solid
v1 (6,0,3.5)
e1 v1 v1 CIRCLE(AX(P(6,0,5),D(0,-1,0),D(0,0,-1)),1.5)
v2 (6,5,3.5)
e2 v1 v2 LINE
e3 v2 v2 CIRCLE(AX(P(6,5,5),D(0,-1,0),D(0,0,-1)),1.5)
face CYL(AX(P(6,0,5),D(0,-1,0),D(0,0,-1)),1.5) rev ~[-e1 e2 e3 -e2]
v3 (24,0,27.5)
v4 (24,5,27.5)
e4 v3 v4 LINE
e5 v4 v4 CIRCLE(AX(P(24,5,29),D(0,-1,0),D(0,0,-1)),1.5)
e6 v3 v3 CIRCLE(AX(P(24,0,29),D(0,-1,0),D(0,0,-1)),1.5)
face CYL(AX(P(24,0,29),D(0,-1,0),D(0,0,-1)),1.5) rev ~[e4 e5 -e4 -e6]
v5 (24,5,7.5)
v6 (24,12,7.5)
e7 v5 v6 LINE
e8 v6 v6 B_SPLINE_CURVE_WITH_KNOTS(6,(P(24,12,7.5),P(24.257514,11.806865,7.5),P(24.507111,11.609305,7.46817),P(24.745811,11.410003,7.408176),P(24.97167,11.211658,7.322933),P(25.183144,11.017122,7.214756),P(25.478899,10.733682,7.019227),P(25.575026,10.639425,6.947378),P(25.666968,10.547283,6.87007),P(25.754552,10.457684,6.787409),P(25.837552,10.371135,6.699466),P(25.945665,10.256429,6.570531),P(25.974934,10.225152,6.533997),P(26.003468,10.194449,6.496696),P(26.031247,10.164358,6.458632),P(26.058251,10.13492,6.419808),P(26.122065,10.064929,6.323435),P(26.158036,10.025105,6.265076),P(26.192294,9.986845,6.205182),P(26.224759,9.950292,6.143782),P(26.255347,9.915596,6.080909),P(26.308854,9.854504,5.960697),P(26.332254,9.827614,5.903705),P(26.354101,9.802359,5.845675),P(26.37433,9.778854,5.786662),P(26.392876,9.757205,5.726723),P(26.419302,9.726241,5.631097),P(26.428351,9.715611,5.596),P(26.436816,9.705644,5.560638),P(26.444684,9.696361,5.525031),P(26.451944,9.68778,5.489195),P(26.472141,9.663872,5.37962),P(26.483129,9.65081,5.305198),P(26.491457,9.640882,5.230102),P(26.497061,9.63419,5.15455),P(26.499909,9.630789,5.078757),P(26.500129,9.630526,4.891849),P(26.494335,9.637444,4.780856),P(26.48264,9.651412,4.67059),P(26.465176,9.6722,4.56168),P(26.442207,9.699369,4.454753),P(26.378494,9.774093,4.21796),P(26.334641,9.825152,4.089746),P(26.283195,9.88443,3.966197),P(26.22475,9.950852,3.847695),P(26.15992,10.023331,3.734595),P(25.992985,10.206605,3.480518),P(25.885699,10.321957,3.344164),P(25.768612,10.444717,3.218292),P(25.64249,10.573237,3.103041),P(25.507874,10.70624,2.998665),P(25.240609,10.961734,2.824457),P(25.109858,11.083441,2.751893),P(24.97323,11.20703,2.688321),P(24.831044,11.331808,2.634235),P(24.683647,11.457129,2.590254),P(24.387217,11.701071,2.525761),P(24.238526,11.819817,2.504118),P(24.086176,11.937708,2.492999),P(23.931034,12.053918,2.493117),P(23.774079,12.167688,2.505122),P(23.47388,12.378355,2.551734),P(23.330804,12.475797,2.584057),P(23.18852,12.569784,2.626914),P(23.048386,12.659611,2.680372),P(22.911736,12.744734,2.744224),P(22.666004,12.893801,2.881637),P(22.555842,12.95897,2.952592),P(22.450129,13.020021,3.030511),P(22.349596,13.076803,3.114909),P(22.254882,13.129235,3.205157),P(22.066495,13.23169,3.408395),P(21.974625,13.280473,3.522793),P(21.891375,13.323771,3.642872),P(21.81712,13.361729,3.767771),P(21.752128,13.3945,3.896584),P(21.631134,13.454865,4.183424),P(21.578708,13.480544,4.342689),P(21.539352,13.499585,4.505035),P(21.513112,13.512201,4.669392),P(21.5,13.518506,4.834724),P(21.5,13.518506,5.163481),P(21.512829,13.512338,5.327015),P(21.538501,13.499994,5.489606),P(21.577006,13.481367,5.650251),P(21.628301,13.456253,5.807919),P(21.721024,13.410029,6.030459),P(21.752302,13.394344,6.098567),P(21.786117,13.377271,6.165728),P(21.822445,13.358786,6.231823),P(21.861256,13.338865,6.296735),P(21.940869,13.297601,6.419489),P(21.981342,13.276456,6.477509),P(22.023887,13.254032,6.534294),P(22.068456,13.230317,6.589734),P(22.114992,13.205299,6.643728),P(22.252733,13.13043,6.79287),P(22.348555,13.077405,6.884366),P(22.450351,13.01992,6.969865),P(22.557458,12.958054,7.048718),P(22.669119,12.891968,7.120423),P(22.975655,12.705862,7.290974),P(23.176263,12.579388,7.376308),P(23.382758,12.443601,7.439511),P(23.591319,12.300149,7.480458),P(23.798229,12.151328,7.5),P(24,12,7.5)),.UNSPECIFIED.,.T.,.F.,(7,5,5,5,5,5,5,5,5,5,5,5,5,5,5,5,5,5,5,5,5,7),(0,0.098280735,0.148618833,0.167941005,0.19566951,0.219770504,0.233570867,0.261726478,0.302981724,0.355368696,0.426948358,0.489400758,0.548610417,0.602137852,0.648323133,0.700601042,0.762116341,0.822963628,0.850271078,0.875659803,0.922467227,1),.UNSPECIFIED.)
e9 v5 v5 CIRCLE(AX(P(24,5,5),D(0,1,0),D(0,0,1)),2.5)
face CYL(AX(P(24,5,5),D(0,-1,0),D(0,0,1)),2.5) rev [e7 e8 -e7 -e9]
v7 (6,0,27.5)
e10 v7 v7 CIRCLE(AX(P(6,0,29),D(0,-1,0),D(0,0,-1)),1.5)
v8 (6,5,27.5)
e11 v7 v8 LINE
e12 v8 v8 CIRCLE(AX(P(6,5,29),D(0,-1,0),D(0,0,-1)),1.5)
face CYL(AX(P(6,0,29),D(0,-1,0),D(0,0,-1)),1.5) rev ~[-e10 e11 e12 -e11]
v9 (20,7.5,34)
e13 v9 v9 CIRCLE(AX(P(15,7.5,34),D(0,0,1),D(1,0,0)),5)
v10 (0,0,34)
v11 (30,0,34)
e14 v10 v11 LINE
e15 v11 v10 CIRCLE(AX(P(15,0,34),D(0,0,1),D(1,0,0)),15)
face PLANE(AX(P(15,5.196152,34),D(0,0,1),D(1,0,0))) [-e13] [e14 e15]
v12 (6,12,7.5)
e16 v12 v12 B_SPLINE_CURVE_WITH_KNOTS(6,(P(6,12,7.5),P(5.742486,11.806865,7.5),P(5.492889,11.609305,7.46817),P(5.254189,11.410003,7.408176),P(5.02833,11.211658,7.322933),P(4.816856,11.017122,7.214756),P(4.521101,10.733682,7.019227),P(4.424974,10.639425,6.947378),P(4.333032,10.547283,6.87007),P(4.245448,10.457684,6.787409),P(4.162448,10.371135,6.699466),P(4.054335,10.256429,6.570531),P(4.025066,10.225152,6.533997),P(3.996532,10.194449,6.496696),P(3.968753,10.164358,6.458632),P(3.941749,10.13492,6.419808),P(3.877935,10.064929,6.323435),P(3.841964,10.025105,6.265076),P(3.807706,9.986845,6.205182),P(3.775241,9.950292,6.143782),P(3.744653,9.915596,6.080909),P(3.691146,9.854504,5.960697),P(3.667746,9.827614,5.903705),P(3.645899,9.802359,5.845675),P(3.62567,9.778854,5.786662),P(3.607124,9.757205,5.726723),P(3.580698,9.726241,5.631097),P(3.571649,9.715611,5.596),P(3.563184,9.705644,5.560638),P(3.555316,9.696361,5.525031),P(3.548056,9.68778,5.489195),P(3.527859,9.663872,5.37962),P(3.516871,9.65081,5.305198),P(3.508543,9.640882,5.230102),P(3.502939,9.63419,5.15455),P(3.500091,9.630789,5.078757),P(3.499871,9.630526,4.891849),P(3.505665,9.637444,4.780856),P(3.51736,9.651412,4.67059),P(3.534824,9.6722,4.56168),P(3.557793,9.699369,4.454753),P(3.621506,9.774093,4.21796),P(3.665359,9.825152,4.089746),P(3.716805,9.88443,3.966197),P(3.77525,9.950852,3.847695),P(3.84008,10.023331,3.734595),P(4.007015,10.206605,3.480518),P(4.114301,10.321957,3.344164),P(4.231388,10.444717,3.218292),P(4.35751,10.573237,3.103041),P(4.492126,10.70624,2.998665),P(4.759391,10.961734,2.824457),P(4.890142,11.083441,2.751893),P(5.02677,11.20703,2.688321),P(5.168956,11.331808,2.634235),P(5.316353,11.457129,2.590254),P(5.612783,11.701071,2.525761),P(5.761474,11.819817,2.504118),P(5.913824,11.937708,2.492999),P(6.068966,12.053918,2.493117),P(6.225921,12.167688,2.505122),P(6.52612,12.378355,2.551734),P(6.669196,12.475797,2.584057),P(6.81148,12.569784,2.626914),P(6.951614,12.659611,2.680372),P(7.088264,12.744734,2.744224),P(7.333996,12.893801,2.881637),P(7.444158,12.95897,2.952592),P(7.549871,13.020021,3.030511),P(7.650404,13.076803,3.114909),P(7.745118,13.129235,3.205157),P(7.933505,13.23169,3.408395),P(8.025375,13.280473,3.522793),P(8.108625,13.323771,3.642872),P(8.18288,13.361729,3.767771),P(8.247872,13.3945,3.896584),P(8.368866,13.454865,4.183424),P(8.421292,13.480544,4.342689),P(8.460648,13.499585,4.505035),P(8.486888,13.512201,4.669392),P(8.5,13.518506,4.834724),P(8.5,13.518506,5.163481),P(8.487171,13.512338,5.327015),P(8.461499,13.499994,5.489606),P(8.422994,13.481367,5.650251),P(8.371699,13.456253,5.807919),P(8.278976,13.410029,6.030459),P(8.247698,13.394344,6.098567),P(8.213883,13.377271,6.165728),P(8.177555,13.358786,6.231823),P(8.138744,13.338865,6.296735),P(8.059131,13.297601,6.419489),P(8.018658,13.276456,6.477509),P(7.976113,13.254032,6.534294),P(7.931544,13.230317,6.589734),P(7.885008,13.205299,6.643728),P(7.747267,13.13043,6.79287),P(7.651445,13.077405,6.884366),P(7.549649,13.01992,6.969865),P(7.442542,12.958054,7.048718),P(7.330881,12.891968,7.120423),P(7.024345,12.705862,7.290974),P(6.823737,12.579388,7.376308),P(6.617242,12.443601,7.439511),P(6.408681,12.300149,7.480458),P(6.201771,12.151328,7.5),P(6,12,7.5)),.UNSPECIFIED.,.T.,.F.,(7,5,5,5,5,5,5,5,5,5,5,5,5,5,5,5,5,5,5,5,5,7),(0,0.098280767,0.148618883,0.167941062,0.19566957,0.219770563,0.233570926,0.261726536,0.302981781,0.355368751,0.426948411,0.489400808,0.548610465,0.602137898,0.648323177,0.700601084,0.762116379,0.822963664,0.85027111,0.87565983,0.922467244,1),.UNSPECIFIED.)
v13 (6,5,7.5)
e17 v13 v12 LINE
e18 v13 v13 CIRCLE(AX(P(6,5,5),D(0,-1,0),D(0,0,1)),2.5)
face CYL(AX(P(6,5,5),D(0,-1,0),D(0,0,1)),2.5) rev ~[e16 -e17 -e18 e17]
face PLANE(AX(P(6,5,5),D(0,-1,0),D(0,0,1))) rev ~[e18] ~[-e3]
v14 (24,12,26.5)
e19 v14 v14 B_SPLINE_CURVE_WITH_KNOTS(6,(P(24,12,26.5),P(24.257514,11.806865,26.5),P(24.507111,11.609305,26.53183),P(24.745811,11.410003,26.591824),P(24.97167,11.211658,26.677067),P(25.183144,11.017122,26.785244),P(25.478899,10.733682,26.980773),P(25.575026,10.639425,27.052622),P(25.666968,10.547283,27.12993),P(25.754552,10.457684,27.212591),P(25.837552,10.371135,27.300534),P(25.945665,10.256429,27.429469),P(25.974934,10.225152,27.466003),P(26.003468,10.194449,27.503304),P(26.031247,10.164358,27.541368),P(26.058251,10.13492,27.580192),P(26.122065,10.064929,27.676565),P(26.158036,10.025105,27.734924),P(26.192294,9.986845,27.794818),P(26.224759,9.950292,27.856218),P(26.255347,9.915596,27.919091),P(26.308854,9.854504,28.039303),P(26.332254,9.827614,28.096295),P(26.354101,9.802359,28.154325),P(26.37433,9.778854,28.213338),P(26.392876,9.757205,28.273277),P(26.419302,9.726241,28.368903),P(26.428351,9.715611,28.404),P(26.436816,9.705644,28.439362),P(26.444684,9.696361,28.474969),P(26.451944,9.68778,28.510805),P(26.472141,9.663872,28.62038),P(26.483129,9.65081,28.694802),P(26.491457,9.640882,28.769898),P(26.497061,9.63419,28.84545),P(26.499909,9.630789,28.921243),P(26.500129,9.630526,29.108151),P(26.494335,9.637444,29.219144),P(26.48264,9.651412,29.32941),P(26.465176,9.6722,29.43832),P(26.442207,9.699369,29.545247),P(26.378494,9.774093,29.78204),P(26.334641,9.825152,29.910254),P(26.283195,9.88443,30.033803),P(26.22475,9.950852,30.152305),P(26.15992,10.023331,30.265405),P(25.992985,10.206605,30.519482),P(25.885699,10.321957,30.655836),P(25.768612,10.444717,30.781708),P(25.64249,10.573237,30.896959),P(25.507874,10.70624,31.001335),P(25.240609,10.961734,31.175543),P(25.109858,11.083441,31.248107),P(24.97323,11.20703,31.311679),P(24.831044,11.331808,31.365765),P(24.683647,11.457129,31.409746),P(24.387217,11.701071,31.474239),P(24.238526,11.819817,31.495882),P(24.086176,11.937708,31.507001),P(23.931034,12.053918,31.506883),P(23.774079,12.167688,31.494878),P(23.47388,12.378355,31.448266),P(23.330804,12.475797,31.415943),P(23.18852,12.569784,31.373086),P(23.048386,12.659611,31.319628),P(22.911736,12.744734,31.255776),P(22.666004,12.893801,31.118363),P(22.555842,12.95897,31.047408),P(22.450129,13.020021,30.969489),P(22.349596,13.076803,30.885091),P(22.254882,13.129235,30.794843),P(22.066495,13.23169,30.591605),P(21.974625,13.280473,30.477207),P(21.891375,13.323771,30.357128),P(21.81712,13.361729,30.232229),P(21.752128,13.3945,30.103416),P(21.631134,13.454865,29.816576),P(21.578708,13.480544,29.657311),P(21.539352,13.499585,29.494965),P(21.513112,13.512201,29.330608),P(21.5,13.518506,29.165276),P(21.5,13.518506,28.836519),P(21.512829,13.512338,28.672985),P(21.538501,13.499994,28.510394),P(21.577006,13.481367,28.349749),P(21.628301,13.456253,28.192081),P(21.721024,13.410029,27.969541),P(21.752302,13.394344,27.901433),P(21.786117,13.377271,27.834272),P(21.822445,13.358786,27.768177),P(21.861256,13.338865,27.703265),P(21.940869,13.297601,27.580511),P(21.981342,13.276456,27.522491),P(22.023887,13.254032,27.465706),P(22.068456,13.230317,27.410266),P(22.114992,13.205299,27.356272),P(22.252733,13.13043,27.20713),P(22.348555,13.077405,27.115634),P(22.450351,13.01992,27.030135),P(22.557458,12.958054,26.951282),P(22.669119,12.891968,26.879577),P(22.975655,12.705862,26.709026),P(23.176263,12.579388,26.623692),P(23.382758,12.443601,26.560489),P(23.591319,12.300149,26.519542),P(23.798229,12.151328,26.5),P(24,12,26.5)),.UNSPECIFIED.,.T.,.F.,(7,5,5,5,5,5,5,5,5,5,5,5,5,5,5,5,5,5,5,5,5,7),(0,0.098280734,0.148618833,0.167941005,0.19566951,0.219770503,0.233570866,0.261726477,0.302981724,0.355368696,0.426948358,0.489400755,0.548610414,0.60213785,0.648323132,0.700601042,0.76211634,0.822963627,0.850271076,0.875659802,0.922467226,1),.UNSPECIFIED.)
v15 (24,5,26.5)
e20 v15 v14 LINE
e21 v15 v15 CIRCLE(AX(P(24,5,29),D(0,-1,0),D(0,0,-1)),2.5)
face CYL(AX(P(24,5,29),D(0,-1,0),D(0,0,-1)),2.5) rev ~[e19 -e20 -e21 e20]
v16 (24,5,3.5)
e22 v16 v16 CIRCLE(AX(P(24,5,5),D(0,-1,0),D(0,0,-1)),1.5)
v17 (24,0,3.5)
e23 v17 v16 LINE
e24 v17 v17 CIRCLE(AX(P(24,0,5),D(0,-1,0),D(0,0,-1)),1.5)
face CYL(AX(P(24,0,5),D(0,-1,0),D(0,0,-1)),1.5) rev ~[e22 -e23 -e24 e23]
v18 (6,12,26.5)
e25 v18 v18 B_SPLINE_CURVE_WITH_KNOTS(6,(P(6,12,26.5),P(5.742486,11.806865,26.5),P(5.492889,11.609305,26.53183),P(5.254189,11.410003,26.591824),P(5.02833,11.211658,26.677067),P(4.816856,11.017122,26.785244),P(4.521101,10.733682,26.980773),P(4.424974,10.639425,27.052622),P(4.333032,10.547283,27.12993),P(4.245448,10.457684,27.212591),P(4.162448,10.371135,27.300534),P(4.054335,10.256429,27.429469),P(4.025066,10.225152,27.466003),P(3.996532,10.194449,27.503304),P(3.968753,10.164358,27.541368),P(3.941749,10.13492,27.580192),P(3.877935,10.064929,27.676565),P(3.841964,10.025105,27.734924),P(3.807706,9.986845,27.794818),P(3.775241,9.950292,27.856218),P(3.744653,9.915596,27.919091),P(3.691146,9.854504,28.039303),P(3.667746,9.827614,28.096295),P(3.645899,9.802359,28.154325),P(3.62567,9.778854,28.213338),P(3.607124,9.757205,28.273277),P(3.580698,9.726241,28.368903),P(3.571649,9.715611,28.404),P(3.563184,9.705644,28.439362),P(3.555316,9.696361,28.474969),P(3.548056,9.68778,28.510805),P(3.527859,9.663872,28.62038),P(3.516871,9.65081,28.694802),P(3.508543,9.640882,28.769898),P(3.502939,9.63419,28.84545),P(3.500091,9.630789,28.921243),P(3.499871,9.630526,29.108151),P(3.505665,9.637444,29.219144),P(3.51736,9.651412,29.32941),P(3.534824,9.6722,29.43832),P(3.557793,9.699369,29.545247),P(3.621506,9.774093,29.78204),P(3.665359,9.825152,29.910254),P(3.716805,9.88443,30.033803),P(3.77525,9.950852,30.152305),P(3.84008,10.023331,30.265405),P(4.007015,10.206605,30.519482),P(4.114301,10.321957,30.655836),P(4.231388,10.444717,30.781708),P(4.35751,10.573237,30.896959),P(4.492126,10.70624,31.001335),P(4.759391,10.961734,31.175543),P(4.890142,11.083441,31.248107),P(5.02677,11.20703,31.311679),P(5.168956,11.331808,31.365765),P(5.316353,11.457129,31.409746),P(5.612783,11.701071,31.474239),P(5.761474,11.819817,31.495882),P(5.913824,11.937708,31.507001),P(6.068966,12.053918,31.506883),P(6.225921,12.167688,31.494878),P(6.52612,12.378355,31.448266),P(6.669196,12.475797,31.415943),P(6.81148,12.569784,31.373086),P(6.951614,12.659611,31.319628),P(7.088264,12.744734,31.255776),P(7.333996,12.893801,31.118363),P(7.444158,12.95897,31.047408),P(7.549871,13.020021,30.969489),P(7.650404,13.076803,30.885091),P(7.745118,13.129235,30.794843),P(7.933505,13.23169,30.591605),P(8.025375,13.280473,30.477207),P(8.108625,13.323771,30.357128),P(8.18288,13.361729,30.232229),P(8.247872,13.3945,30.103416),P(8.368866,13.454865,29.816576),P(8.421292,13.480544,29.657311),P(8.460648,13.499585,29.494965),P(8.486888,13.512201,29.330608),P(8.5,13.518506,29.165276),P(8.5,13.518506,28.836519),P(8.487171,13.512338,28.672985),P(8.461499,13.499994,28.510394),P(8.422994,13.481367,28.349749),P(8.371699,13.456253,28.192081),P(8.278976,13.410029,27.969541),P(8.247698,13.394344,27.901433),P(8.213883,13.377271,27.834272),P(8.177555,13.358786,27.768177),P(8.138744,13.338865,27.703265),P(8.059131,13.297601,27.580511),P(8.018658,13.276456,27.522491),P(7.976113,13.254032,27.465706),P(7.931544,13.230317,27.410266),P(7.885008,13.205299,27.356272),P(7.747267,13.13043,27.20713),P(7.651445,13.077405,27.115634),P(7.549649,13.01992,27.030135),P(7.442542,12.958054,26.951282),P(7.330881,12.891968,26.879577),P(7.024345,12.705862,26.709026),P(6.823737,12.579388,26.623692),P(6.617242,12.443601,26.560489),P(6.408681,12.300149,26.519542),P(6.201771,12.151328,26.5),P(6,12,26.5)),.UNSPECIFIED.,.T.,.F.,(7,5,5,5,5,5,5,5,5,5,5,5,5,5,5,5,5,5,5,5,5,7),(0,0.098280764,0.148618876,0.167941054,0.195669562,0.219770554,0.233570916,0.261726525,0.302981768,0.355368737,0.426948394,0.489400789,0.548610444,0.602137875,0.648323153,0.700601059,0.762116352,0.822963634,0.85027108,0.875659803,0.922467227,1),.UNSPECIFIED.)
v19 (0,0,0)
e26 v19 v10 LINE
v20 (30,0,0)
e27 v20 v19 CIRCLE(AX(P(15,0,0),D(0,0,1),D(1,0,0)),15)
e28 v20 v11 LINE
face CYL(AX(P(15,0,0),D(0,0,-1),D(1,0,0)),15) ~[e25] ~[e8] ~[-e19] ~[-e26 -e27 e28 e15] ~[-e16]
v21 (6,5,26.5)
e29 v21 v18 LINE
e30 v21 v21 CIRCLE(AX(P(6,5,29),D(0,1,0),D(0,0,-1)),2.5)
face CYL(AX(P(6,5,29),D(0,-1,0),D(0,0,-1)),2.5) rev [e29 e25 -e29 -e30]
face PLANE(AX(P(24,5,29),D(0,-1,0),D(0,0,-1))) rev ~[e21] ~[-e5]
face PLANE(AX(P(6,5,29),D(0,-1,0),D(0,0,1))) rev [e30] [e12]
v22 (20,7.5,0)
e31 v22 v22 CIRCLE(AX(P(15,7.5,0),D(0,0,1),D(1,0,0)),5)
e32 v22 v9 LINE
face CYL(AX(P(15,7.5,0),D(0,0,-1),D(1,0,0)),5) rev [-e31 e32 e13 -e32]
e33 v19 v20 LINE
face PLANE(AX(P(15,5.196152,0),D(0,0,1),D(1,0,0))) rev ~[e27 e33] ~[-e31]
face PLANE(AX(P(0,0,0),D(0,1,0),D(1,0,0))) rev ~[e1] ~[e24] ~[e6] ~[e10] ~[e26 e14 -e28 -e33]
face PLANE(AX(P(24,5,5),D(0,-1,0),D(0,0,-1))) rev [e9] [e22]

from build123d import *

# Parameters (mm, degrees)
ESQUISSE1_R               = 5
BOSS_EXTRU_1_DEPTH        = 34
ESQUISSE2_R               = 1.5
ENL_V_MAT_EXTRU_1_DEPTH   = 48.759815745
ENL_V_START               = -5
ESQUISSE4_R               = 2.5
ENL_V_MAT_EXTRU_2_DEPTH   = 43.75981591
SYM_TRIE2_START           = -5
SYM_TRIE2_COPY_1_SKETCH_R = 2.5
SYM_TRIE2_COPY_1_DEPTH    = 43.75981591


with BuildPart() as part:
    # Esquisse1 → Boss.-Extru.1 (new body)
    with BuildSketch(Plane.XY):
        with BuildLine():
            Line((0, 0), (30, 0))
            ThreePointArc((30, 0), (15, 15), (0, 0))
        make_face()
        with Locations((15, 7.5)):
            Circle(ESQUISSE1_R, mode=Mode.SUBTRACT)
    extrude(amount=BOSS_EXTRU_1_DEPTH)

    # Esquisse2 → Enlèv. mat.-Extru.1 (cut, through all)
    with BuildSketch(Plane.XZ):
        with Locations(Location((24, 29, 0), (0, 0, 270))):
            Circle(ESQUISSE2_R)
        with Locations(Location((24, 5, 0), (0, 0, 270))):
            Circle(ESQUISSE2_R)
        with Locations(Location((6, 5, 0), (0, 0, 270))):
            Circle(ESQUISSE2_R)
        with Locations(Location((6, 29, 0), (0, 0, 270))):
            Circle(ESQUISSE2_R)
    extrude(amount=-ENL_V_MAT_EXTRU_1_DEPTH, mode=Mode.SUBTRACT)

    # Esquisse4 → Enlèv. mat.-Extru.2 (cut, through all)
    with BuildSketch(Plane.XZ.offset(ENL_V_START)):
        with Locations(Location((24, 29, 0), (0, 0, 270))):
            Circle(ESQUISSE4_R)
    enl_v_mat_extru_2 = extrude(amount=-ENL_V_MAT_EXTRU_2_DEPTH, mode=Mode.SUBTRACT)

    # Symétrie1: Enlèv. mat.-Extru.2 across plane
    add(enl_v_mat_extru_2.mirror(Plane(origin=(15, 0, 0), x_dir=(0, 0, 1), z_dir=(1, 0, 0))), mode=Mode.SUBTRACT)

    # Symétrie2: Enlèv. mat.-Extru.2 across plane
    add(enl_v_mat_extru_2.mirror(Plane.XY.offset(17)), mode=Mode.SUBTRACT)

    # Symétrie2 copy 1 sketch → Symétrie2 copy 1 (cut, through all)
    with BuildSketch(Plane(origin=(30, 0, 34), x_dir=(-1, 0, 0), z_dir=(0, -1, 0)).offset(SYM_TRIE2_START)):
        with Locations(Location((24, 29, 0), (0, 0, 270))):
            Circle(SYM_TRIE2_COPY_1_SKETCH_R)
    extrude(amount=-SYM_TRIE2_COPY_1_DEPTH, mode=Mode.SUBTRACT)


solid = part.part
